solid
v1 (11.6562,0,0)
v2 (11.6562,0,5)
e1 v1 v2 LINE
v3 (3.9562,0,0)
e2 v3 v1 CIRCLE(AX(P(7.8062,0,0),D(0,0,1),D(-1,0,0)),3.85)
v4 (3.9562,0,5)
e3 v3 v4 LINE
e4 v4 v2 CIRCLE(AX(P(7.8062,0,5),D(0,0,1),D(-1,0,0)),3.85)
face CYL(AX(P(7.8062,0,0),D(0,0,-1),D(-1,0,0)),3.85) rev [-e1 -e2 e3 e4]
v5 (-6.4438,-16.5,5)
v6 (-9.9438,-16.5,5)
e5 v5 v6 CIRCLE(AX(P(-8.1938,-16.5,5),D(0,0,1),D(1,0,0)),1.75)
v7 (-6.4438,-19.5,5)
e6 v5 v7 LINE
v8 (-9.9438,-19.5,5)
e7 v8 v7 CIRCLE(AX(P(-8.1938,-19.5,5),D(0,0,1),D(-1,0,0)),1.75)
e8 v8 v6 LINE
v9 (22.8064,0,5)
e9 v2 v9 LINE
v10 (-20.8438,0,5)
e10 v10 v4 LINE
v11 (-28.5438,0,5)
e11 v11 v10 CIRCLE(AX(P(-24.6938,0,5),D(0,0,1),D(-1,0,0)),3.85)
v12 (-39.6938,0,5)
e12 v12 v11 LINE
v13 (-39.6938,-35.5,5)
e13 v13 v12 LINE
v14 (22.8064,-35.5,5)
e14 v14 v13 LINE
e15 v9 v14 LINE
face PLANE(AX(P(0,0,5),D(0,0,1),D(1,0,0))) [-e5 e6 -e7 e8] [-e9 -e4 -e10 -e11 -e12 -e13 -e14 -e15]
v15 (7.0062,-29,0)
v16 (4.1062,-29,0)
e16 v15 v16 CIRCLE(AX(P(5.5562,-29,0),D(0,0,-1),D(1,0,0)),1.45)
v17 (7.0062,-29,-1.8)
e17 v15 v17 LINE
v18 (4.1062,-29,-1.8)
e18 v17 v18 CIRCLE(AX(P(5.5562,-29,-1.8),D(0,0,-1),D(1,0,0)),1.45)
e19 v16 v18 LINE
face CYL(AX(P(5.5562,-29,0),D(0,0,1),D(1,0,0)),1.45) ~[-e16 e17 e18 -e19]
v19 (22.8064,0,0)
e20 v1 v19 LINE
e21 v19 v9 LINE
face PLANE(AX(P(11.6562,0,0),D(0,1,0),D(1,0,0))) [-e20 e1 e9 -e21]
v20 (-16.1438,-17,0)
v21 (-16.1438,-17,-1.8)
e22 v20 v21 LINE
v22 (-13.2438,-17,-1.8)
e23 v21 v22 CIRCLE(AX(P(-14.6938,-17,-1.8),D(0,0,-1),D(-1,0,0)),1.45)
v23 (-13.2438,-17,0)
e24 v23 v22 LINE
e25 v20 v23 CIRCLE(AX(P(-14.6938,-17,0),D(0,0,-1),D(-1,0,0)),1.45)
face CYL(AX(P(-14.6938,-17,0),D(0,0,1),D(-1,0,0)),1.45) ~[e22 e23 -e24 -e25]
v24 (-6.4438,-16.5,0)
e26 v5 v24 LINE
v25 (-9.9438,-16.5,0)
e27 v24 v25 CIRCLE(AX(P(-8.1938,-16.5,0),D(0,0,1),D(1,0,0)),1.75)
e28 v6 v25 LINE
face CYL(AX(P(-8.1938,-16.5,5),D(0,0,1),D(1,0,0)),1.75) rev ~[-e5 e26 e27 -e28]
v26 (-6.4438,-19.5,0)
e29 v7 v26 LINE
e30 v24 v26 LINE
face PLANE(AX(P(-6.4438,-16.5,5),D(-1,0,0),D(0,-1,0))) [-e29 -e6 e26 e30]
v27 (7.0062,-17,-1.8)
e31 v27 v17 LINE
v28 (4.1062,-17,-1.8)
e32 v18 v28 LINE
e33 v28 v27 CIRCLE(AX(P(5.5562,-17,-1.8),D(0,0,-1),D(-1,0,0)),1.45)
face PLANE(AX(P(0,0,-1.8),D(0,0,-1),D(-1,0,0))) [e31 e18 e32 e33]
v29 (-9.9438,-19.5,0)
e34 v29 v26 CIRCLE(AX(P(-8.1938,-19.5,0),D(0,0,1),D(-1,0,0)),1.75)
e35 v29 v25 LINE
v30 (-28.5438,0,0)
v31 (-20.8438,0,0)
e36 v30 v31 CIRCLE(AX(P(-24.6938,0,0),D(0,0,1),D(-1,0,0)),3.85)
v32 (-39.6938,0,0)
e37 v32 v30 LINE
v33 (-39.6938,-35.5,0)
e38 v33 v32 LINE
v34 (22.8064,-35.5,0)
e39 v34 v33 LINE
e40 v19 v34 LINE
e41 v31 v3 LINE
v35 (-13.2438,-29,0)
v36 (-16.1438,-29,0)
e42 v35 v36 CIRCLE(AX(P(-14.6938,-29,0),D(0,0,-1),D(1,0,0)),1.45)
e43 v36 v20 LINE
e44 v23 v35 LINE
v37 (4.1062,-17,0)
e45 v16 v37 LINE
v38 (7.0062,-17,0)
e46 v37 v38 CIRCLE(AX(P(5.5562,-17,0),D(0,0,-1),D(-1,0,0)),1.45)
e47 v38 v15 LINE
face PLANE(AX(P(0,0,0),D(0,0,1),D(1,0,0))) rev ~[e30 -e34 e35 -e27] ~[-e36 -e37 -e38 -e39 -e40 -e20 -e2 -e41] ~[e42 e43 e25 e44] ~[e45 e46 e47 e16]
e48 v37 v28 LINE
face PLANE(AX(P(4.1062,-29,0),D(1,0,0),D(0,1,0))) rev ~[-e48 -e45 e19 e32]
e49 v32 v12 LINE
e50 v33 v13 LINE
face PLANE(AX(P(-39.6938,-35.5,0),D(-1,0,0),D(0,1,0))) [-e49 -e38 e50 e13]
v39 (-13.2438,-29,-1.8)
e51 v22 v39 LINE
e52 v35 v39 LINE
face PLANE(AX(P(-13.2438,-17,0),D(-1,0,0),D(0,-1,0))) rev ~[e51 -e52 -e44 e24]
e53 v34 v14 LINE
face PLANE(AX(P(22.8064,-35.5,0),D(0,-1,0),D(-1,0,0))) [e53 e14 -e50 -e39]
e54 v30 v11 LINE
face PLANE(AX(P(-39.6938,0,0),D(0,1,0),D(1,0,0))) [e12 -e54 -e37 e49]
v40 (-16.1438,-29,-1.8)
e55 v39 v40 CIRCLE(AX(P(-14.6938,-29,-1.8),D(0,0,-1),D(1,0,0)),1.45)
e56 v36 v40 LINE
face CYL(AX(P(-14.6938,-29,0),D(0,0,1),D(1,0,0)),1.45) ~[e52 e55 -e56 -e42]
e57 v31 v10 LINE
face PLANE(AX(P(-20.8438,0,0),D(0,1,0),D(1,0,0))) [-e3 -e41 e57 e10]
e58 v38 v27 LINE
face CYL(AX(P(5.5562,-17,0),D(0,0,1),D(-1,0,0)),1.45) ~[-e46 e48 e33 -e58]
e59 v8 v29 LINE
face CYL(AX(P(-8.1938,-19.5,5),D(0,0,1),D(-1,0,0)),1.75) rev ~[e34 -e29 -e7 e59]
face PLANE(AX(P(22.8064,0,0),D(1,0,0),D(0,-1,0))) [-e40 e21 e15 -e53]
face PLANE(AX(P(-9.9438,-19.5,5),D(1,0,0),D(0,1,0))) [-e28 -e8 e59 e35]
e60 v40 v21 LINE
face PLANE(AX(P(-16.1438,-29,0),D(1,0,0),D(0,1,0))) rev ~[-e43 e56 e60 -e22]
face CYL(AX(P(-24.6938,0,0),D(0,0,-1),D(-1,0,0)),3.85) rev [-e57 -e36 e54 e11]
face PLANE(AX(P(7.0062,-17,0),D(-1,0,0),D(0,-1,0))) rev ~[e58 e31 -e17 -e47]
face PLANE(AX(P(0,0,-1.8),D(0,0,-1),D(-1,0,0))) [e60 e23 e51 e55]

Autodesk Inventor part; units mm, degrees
ref_plane "YZ Plane" through (0, 0, 0) normal (1, 0, 0) x (0, 1, 0)
ref_plane "XZ Plane" through (0, 0, 0) normal (0, 1, 0) x (-1, 0, 0)
ref_plane "XY Plane" through (0, 0, 0) normal (0, 0, 1) x (1, 0, 0)
ref_plane "Work Plane1" through (0, 0, 0) normal (0, 0, 1) x (1, 0, 0)
sketch "Sketch1" plane through (0, 0, 0) normal (0, 0, 1) x (1, 0, 0)
  circle A0 centre (11.5562, -18) radius 2 construction
  line L0 (-53.1938, -16) -> (-53.1938, -30) construction
  arc A1 (-56.1938, -30) -> (-53.1938, -30) centre (-54.6938, -30) ccw construction
  line L1 (-56.1938, -30) -> (-56.1938, -16) construction
  arc A2 (-53.1938, -16) -> (-56.1938, -16) centre (-54.6938, -16) ccw construction
  line L2 (7.0562, -16) -> (7.0562, -30) construction
  arc A3 (4.0562, -30) -> (7.0562, -30) centre (5.5562, -30) ccw construction
  line L3 (4.0562, -30) -> (4.0562, -16) construction
  arc A4 (7.0562, -16) -> (4.0562, -16) centre (5.5562, -16) ccw construction
  line L4 (-13.1938, -16) -> (-13.1938, -30) construction
  arc A5 (-16.1938, -30) -> (-13.1938, -30) centre (-14.6938, -30) ccw construction
  line L5 (-16.1938, -30) -> (-16.1938, -16) construction
  arc A6 (-13.1938, -16) -> (-16.1938, -16) centre (-14.6938, -16) ccw construction
  arc A7 (19.0562, -16) -> (16.0562, -16) centre (17.5562, -16) ccw construction
  line L6 (19.0562, -16) -> (19.0562, -30) construction
  arc A8 (16.0562, -30) -> (19.0562, -30) centre (17.5562, -30) ccw construction
  line L7 (16.0562, -30) -> (16.0562, -16) construction
  line L8 (22.8064, -40) -> (22.8064, 45) construction
  line L9 (22.8064, 45) -> (-120, 45) construction
  line L10 (-120, 27.5563) -> (-120, 45) construction
  line L11 (-120, 27.5563) -> (-95.2035, 27.5563) construction
  arc A9 (-85.0841, 27.5563) -> (-95.2035, 27.5563) centre (-90.1438, 25.4) ccw construction
  line L12 (-85.0841, 27.5563) -> (17.8062, 27.5563) construction
  line L13 (17.8062, 27.5563) -> (17.8062, -11) construction
  line L14 (17.8062, -11) -> (-120, -11) construction
  line L15 (-120, -40) -> (-120, -11) construction
  line L16 (22.8064, -40) -> (-120, -40) construction
  circle A10 centre (-111.1938, -18) radius 2 construction
  circle A11 centre (-98.1938, -18) radius 2 construction
  circle A12 centre (-61.1938, -18) radius 2 construction
  circle A13 centre (-48.1938, -18) radius 2 construction
  circle A14 centre (-21.1938, -18) radius 2 construction
  circle A15 centre (-8.1938, -18) radius 2 construction
  circle A16 centre (-21.1938, 33.6563) radius 2 construction
  circle A17 centre (-8.1938, 33.6563) radius 2 construction
  circle A18 centre (-61.1938, 33.6563) radius 2 construction
  circle A19 centre (-48.1938, 33.6563) radius 2 construction
  circle A20 centre (-111.1938, 33.6563) radius 2 construction
  circle A21 centre (-98.1938, 33.6563) radius 2 construction
  circle A22 centre (-90.1438, -25.4) radius 5.5 construction
  circle A23 centre (7.8062, 0) radius 3.75 construction
  circle A24 centre (-24.6938, 0) radius 3.75 construction
  line L17 (22.8064, -35.5) -> (-39.6938, -35.5)
  line L18 (-39.6938, -35.5) -> (-39.6938, 0)
  line L19 (-39.6938, 0) -> (-28.5438, 0)
  line L20 (22.8064, 0) -> (22.8064, -35.5)
  line L21 (-34.6938, -11) -> (-34.6938, 11) construction
  arc A25 (3.9562, 0) -> (11.6562, 0) centre (7.8062, 0) ccw
  line L22 (11.6562, 0) -> (22.8064, 0)
  arc A26 (-28.5438, 0) -> (-20.8438, 0) centre (-24.6938, 0) ccw
  line L23 (-20.8438, 0) -> (3.9562, 0)
  point P0 (0, 0)
  point P1 (17.5562, -31.5)
  dimension "d0" = 5
  dimension "d1" = 0
  dimension "d2" = 0.1
  dimension "d3" = 0.1
  dimension "d4" = 4
extrude "Main Body" add sketch "Sketch1" along normal blind 5
sketch "Sketch2" plane through (0, 0, 0) normal (0, 0, -1) x (-1, 0, 0)
  line L0 (16.1938, -30) -> (16.1938, -16) construction
  arc A0 (13.1938, -30) -> (16.1938, -30) centre (14.6938, -30) ccw construction
  line L1 (13.1938, -16) -> (13.1938, -30) construction
  arc A1 (16.1938, -16) -> (13.1938, -16) centre (14.6938, -16) ccw construction
  line L2 (16.1938, -30) -> (16.1938, -16) construction
  line L3 (-4.0562, -30) -> (-4.0562, -16) construction
  arc A2 (-7.0562, -30) -> (-4.0562, -30) centre (-5.5562, -30) ccw construction
  line L4 (-7.0562, -16) -> (-7.0562, -30) construction
  arc A3 (-4.0562, -16) -> (-7.0562, -16) centre (-5.5562, -16) ccw construction
  line L5 (-5.5562, -16) -> (-5.5562, -30) construction
  line L6 (14.6938, -16) -> (14.6938, -30) construction
  line L7 (-5.5562, -17) -> (-5.5562, -29) construction
  line L8 (-7.0062, -17) -> (-7.0062, -29)
  line L9 (-4.1062, -29) -> (-4.1062, -17)
  arc A4 (-4.1062, -17) -> (-7.0062, -17) centre (-5.5562, -17) ccw
  arc A5 (-7.0062, -29) -> (-4.1062, -29) centre (-5.5562, -29) ccw
  line L10 (14.6938, -17) -> (14.6938, -29) construction
  line L11 (13.2438, -17) -> (13.2438, -29)
  line L12 (16.1438, -29) -> (16.1438, -17)
  arc A6 (16.1438, -17) -> (13.2438, -17) centre (14.6938, -17) ccw
  arc A7 (13.2438, -29) -> (16.1438, -29) centre (14.6938, -29) ccw
  line L13 (-5.5562, -17) -> (14.6938, -17) construction
  line L14 (-5.5562, -29) -> (14.6938, -29) construction
  point P0 (0, 0)
  point P1 (-5.5562, -23)
  point P2 (14.6938, -23)
  dimension "d9" = 0.05
  dimension "d10" = 0.05
  dimension "d11" = 1
  dimension "d12" = 1
extrude "Alignment Tabs" add sketch "Sketch2" along normal blind 1.8
sketch "Sketch3" plane through (0, 0, 5) normal (0, 0, 1) x (1, 0, 0)
  circle A0 centre (-8.1938, -18) radius 2 construction
  line L0 (-8.1938, -31.3066) -> (-8.1938, -7.4741) construction
  line L1 (-8.1938, -16.5) -> (-8.1938, -19.5) construction
  line L2 (-6.4438, -16.5) -> (-6.4438, -19.5)
  line L3 (-9.9438, -19.5) -> (-9.9438, -16.5)
  arc A1 (-6.4438, -16.5) -> (-9.9438, -16.5) centre (-8.1938, -16.5) ccw
  arc A2 (-9.9438, -19.5) -> (-6.4438, -19.5) centre (-8.1938, -19.5) ccw
  point P0 (0, 0)
  dimension "d14" = 3.5
  dimension "d15" = 3
extrude "Slot for Screw M3" cut sketch "Sketch3" against normal through all
equation "\"d3\" = d2"
equation "\"d10\" = d9"
equation "\"d12\" = d11"
properties part number "Cuvette Aligner 50mm"
